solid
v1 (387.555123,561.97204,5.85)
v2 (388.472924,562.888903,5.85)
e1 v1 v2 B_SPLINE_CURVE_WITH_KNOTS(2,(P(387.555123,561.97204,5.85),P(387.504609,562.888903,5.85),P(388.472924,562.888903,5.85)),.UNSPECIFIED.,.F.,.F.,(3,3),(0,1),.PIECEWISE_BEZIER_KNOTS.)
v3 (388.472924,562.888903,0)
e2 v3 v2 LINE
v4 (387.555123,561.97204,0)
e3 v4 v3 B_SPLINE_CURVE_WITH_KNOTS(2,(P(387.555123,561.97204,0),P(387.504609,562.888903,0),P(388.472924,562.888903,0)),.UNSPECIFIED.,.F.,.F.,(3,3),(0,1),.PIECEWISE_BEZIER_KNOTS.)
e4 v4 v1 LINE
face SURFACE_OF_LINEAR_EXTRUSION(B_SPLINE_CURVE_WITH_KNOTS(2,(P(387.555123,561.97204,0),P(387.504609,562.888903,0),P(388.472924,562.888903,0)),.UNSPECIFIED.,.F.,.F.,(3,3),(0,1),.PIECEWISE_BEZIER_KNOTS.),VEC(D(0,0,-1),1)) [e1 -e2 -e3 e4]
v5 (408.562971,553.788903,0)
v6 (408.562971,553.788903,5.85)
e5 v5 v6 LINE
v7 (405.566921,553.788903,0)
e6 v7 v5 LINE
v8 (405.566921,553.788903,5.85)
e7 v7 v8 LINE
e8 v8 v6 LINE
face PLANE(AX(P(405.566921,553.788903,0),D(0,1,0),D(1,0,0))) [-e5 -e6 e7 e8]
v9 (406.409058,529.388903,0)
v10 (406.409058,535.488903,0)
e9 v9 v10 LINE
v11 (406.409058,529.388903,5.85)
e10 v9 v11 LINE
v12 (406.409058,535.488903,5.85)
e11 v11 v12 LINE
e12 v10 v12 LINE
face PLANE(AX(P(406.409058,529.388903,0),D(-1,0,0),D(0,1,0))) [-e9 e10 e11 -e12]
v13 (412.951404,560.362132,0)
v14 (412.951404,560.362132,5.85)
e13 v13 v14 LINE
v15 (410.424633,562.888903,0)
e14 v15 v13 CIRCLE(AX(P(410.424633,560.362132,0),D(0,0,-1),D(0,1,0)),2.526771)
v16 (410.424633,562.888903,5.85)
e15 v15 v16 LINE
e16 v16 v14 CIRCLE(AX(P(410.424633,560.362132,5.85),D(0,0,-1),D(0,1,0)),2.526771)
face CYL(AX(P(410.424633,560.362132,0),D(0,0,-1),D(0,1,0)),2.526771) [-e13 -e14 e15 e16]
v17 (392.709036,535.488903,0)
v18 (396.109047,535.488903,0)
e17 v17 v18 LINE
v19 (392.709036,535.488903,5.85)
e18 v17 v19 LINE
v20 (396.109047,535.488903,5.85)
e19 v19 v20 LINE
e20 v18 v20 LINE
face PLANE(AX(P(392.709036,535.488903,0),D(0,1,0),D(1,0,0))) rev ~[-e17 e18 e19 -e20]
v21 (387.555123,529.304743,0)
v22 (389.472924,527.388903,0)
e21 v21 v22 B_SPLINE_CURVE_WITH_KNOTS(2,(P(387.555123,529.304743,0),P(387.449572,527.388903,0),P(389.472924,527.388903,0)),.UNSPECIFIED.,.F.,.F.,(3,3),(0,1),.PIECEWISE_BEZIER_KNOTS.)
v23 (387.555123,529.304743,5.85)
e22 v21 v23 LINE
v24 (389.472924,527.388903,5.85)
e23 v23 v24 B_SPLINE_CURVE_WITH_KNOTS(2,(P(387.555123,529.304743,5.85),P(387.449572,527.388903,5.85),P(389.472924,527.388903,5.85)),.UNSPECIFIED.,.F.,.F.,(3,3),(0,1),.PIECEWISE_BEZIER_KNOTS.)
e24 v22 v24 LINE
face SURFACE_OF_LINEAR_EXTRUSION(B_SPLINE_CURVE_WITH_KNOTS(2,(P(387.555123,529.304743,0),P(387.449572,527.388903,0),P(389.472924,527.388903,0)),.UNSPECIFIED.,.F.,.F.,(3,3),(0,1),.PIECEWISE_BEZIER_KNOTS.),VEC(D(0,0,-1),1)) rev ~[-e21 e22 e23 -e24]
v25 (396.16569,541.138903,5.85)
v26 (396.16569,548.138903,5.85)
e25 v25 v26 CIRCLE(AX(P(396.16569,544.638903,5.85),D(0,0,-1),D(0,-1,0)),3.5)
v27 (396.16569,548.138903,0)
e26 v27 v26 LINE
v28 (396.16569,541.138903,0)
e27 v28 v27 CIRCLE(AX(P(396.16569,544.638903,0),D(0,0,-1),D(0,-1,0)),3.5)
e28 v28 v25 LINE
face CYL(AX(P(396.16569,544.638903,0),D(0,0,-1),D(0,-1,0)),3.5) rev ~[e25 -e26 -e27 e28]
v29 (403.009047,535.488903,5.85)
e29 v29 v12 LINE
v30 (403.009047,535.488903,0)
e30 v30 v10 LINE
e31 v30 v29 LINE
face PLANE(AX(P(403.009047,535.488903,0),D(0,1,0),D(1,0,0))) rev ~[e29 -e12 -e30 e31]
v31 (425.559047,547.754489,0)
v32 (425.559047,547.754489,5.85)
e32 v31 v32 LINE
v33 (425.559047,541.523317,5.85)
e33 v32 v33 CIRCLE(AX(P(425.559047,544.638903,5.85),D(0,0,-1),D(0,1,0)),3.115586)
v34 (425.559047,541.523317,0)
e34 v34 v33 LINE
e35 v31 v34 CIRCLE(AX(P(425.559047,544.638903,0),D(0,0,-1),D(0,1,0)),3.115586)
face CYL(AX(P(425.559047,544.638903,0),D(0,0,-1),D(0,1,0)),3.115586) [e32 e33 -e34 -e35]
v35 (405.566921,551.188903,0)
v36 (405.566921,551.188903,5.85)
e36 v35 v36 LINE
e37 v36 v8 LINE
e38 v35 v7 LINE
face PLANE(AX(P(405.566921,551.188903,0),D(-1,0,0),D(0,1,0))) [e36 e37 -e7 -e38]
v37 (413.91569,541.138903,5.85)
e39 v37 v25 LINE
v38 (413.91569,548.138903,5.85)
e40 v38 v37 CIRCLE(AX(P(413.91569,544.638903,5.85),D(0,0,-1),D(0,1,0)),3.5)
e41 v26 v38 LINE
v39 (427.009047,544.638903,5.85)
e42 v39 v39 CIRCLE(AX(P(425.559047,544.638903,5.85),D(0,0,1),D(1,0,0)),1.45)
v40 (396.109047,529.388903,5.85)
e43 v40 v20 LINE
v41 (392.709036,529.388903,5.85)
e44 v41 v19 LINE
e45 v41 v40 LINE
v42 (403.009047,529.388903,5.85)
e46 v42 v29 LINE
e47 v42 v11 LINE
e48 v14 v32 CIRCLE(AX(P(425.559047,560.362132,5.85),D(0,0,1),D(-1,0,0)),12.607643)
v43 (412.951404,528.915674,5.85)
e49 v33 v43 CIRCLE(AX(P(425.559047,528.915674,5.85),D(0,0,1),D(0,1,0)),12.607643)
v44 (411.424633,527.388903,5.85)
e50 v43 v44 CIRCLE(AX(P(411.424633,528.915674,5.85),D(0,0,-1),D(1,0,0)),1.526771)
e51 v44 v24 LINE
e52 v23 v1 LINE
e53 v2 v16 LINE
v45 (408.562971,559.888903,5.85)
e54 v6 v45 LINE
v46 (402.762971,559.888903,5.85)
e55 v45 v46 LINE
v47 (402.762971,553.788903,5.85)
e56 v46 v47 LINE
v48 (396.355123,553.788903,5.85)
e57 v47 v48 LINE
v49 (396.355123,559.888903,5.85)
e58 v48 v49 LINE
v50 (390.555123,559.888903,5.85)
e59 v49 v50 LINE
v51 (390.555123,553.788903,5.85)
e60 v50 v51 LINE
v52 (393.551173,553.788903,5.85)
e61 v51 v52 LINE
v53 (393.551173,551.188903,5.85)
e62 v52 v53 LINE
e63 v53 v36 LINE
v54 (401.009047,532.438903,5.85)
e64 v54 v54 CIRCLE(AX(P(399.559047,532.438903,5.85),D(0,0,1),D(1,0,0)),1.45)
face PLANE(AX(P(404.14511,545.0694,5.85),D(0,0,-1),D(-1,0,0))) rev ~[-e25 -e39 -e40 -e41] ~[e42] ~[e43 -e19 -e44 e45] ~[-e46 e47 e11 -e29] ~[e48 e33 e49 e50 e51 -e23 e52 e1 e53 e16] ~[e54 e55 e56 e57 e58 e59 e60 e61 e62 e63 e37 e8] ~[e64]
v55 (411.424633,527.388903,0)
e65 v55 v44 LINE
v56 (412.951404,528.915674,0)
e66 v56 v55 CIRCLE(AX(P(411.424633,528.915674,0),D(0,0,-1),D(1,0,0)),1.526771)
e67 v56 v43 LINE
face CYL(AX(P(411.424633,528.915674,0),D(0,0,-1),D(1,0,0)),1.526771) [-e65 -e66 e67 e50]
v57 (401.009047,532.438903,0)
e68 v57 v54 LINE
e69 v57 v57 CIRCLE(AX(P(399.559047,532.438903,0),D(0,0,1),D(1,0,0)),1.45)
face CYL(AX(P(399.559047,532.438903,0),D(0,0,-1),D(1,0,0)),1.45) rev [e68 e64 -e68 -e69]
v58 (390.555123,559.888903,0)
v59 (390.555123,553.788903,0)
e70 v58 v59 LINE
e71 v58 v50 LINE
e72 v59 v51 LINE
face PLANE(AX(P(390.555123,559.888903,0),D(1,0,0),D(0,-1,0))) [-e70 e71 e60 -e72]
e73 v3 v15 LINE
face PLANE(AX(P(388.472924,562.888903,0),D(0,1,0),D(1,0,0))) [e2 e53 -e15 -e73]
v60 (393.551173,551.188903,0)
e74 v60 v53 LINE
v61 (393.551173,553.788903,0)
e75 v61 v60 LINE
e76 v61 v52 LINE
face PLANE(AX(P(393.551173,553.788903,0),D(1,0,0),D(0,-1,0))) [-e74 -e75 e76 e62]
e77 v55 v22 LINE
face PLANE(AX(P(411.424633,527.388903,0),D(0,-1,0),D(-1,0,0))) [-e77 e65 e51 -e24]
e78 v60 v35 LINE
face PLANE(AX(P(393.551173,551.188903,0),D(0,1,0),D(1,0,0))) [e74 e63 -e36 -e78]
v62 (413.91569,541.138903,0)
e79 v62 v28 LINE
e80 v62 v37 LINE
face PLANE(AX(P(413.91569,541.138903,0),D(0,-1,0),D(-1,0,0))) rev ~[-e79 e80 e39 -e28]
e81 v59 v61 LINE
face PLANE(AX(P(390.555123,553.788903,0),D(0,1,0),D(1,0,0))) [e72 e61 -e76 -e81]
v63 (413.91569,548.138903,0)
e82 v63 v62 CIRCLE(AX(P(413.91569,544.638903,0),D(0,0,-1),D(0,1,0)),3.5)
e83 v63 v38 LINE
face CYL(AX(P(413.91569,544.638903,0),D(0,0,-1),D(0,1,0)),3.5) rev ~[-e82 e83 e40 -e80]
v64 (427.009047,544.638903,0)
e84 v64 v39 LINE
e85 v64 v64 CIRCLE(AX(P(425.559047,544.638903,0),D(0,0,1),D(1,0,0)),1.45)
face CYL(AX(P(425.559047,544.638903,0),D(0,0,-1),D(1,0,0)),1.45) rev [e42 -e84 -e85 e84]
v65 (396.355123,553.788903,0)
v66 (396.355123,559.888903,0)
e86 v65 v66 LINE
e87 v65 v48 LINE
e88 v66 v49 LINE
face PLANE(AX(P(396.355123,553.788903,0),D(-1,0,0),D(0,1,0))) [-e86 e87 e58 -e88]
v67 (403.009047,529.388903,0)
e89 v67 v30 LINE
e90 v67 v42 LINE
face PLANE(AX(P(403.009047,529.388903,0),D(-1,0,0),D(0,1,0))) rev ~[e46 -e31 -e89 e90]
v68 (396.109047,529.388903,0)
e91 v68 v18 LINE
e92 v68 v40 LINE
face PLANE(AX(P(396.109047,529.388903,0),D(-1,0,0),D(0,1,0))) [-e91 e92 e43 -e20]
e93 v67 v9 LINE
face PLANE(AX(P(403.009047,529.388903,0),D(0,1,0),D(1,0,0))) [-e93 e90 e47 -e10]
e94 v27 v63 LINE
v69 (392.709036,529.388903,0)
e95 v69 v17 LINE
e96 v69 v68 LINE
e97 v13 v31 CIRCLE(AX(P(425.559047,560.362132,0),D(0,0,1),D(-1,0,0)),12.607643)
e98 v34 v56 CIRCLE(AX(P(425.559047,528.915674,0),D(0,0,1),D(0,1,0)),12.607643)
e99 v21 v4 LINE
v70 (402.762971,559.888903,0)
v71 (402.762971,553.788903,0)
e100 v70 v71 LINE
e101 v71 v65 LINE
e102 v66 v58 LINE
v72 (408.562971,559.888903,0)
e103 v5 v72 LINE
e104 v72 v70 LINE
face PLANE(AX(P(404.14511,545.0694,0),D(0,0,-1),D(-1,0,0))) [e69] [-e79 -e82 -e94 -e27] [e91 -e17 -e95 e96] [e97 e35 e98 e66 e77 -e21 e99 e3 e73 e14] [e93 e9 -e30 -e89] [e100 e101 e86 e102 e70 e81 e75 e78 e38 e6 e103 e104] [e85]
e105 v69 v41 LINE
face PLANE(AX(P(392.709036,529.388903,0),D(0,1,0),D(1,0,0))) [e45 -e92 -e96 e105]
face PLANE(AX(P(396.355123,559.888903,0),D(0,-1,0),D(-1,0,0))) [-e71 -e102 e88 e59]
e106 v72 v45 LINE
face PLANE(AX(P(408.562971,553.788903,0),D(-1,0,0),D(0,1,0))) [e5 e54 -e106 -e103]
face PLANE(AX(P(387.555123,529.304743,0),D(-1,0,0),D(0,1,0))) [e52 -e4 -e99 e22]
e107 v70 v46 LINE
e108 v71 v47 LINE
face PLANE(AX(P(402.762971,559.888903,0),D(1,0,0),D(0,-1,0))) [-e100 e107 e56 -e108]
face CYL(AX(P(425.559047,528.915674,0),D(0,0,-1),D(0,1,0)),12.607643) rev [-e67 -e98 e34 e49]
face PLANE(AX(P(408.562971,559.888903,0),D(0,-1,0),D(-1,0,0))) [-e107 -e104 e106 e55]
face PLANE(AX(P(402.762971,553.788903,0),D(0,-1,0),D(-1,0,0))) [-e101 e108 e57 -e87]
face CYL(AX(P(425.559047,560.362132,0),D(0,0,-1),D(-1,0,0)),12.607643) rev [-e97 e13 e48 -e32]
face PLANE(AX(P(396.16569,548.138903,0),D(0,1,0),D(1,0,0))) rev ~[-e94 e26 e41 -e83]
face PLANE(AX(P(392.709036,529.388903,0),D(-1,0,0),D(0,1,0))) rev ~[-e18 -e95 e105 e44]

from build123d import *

# Parameters (mm, degrees)
SKETCH1_R           = 1.45
SKETCH1_W           = 3.400011
SKETCH1_H           = 6.1
BOSS_EXTRUDE2_DEPTH = 5.85


with BuildPart() as part:
    # Sketch1 → Boss-Extrude2 (new body)
    with BuildSketch(Plane.XY):
        with BuildLine():
            Line((388.472923735, 562.888903138), (410.424633118, 562.888903138))
            ThreePointArc((410.424633118, 562.888903138), (412.211329852, 562.148829119), (412.95140387, 560.362132386))
            ThreePointArc((412.95140387, 560.362132386), (416.644097047, 551.447182437), (425.559046996, 547.75448926))
            ThreePointArc((425.559046996, 547.75448926), (428.674633119, 544.638903138), (425.559046996, 541.523317015))
            ThreePointArc((425.559046996, 541.523317015), (416.644097047, 537.830623838), (412.95140387, 528.915673889))
            ThreePointArc((412.95140387, 528.915673889), (412.50422307, 527.836083937), (411.424633118, 527.388903138))
            Line((411.424633118, 527.388903138), (389.472923735, 527.388903138))
            add(Edge.make_bspline(
                [(387.555122745, 529.304742909), (387.449571593, 527.388903138), (389.472923735, 527.388903138)],
                knots=[0, 0, 0, 1, 1, 1], degree=2))
            Line((387.555122745, 529.304742909), (387.555122745, 561.972040272))
            add(Edge.make_bspline(
                [(387.555122745, 561.972040272), (387.504608679, 562.888903138), (388.472923735, 562.888903138)],
                knots=[0, 0, 0, 1, 1, 1], degree=2))
        make_face()
        with Locations((425.559046996, 544.638903138)):
            Circle(SKETCH1_R, mode=Mode.SUBTRACT)
        with Locations((399.559046996, 532.438903138)):
            Circle(SKETCH1_R, mode=Mode.SUBTRACT)
        Polygon((405.566920996, 551.188903138), (405.566920996, 553.788903138), (408.562971247, 553.788903138), (408.562971247, 559.888903138), (402.762971247, 559.888903138), (402.762971247, 553.788903138), (396.355122745, 553.788903138), (396.355122745, 559.888903138), (390.555122745, 559.888903138), (390.555122745, 553.788903138), (393.551172996, 553.788903138), (393.551172996, 551.188903138), align=None, mode=Mode.SUBTRACT)
        with Locations((394.409041496, 532.438903138)):
            Rectangle(SKETCH1_W, SKETCH1_H, mode=Mode.SUBTRACT)
        with Locations((404.709052496, 532.438903138)):
            Rectangle(SKETCH1_W, SKETCH1_H, mode=Mode.SUBTRACT)
        with BuildLine():
            Line((396.165690223, 548.138903138), (413.915690223, 548.138903138))
            ThreePointArc((413.915690223, 548.138903138), (417.415690223, 544.638903138), (413.915690223, 541.138903138))
            Line((413.915690223, 541.138903138), (396.165690223, 541.138903138))
            ThreePointArc((396.165690223, 541.138903138), (392.665690223, 544.638903138), (396.165690223, 548.138903138))
        make_face(mode=Mode.SUBTRACT)
    extrude(amount=BOSS_EXTRUDE2_DEPTH)


solid = part.part
